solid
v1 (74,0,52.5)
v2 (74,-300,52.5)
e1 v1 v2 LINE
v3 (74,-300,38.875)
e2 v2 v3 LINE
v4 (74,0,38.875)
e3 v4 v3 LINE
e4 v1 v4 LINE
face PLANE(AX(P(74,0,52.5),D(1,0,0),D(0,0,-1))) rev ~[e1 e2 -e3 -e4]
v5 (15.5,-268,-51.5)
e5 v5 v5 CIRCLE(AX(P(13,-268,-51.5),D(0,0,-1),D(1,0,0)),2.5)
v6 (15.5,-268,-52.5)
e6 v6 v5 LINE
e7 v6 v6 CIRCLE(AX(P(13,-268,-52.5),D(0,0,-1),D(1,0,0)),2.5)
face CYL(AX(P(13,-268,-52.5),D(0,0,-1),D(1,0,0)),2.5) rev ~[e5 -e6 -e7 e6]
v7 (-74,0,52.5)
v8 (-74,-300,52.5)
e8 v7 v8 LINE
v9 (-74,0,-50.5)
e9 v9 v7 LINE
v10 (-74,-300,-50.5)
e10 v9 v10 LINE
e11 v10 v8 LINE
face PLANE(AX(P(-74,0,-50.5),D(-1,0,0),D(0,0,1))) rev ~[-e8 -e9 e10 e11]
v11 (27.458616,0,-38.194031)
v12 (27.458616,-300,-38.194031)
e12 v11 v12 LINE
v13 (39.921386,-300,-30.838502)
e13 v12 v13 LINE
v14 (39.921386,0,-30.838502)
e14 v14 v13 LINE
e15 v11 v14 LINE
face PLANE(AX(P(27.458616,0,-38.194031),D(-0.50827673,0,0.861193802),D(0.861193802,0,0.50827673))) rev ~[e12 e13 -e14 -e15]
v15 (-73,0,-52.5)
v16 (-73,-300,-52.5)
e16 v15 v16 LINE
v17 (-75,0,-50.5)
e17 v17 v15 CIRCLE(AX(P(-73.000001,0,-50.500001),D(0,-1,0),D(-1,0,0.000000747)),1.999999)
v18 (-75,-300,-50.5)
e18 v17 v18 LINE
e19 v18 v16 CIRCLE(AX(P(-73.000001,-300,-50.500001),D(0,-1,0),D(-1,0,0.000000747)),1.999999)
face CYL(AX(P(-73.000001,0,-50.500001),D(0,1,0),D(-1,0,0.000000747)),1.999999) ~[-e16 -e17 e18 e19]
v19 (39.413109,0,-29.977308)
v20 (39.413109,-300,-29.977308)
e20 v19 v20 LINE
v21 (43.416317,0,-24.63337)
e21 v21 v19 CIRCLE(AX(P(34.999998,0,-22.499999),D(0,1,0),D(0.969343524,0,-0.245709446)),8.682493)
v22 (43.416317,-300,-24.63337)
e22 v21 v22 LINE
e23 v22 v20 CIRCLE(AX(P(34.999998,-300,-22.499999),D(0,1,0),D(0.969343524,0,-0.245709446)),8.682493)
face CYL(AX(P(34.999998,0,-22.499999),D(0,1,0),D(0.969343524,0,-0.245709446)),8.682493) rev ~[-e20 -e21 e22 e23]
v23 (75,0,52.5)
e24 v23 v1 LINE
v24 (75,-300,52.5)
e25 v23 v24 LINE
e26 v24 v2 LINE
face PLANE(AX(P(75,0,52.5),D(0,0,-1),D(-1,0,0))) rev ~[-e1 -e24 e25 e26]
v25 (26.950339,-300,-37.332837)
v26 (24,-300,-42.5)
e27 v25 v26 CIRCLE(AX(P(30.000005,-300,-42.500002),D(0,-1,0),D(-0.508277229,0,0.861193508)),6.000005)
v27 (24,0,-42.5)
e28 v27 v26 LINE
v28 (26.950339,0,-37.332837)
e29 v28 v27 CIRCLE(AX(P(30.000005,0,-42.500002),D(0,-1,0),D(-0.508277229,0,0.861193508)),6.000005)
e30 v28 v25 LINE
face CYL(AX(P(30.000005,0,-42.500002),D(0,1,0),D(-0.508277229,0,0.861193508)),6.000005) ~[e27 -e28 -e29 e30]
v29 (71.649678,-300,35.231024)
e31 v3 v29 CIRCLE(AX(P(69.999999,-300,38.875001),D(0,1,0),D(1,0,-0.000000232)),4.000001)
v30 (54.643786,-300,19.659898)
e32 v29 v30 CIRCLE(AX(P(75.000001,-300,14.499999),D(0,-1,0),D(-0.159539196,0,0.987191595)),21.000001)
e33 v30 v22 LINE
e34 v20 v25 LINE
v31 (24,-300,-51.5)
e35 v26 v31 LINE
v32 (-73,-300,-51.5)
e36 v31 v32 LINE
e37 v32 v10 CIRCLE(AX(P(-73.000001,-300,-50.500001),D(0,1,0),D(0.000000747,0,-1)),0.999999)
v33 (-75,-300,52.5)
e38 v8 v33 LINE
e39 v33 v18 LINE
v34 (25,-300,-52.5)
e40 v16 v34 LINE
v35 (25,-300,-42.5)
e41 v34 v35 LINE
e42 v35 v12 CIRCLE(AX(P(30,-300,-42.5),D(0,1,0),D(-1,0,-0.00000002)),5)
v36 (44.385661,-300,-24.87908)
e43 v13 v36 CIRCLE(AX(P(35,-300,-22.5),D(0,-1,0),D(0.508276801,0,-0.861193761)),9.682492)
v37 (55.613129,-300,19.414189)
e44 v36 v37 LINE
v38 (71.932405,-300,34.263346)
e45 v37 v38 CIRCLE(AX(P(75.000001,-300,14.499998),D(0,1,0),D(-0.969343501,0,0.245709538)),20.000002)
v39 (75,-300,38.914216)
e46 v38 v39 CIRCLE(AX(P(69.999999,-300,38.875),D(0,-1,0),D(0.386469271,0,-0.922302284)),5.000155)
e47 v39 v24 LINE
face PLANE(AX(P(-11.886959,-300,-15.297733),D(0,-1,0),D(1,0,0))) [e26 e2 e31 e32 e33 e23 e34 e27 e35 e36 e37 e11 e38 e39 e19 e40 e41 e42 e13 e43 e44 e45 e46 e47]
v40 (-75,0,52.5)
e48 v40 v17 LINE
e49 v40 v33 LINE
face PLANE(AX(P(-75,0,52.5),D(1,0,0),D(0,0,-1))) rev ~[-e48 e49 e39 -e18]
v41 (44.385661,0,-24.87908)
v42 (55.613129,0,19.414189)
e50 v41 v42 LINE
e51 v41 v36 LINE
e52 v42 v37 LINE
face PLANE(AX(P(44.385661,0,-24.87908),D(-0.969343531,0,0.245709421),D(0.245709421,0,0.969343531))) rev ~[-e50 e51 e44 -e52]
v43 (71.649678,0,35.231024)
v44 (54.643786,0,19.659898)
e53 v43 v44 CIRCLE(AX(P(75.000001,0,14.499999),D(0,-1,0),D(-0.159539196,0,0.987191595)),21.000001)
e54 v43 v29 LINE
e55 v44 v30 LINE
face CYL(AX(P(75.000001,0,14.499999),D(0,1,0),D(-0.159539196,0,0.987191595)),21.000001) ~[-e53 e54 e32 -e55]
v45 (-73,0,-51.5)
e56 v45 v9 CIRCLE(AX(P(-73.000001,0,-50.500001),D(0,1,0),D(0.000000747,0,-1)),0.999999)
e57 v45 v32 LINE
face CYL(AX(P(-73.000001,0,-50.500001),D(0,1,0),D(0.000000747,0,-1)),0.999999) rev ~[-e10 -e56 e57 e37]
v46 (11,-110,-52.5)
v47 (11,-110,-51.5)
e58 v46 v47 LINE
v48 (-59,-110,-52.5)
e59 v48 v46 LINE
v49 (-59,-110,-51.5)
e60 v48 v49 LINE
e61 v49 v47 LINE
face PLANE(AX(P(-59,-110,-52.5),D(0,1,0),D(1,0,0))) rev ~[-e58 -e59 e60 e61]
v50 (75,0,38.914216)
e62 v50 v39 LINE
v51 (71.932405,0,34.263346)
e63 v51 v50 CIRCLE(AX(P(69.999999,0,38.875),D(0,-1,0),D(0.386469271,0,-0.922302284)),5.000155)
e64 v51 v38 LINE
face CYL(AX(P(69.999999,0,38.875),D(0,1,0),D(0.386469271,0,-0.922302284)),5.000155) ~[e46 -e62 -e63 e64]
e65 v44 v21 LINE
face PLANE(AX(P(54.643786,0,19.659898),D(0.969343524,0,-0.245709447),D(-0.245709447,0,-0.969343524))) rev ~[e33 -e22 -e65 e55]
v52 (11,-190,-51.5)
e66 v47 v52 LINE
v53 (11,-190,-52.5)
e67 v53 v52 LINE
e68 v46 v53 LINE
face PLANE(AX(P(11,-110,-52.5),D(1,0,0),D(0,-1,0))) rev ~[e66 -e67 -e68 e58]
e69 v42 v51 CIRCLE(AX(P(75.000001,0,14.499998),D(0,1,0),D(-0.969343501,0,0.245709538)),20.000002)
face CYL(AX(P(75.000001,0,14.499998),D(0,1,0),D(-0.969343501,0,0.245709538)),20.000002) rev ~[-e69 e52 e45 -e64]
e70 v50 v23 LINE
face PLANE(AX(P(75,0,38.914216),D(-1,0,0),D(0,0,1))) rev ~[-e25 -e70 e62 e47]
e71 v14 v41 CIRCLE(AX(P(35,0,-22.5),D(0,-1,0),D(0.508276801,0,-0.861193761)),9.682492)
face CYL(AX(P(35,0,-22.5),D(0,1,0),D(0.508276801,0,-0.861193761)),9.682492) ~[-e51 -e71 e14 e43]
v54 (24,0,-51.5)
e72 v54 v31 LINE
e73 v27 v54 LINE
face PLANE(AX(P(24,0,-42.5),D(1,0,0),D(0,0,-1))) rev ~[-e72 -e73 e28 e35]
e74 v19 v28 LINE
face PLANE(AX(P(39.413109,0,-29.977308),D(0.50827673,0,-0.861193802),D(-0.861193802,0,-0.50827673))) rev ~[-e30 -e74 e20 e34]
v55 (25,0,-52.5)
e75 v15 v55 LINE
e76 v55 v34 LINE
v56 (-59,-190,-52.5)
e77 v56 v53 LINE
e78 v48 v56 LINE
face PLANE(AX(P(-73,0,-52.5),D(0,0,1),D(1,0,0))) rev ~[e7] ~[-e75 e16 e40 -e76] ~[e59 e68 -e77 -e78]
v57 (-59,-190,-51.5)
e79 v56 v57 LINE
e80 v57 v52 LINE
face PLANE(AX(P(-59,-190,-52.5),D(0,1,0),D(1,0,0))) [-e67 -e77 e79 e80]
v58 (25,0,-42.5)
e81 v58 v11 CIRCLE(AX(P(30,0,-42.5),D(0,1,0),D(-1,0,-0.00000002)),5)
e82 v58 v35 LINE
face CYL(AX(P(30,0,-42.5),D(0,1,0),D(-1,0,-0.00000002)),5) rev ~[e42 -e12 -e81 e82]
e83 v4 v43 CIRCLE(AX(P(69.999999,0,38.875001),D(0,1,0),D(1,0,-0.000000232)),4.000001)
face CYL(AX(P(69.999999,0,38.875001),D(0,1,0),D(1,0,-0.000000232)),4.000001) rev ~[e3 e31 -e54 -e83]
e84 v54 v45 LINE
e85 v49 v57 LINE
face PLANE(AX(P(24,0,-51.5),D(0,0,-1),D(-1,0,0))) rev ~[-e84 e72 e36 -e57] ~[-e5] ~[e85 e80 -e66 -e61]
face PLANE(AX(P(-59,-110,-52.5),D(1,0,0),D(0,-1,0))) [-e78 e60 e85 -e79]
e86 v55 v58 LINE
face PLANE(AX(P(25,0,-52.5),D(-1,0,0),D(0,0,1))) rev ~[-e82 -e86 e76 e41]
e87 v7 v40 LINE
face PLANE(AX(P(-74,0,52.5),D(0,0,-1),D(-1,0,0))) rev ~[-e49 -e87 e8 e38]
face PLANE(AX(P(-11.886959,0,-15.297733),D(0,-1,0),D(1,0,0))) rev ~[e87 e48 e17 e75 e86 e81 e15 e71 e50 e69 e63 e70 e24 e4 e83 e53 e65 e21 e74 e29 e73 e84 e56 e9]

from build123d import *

# Parameters (mm, degrees)
F1_DEPTH = 300
F2_W     = 70
F2_H     = 80
F3_DEPTH = 25
F4_DEPTH = 25
F5_DEPTH = 25
F6_R     = 2.5
F7_DEPTH = 25


with BuildPart() as f1:
    # F0 (on Front) → F1 (new body)
    with BuildSketch(Plane.XZ):
        with BuildLine():
            Line((75, 38.914216), (75, 52.5))
            Line((75, 52.5), (74, 52.5))
            Line((74, 52.5), (74, 38.875))
            ThreePointArc((74, 38.875), (73.361451, 36.706903), (71.649678, 35.231024))
            ThreePointArc((71.649678, 35.231024), (60.8185, 29.988223), (54.643786, 19.659898))
            Line((54.643786, 19.659898), (43.416317, -24.63337))
            ThreePointArc((43.416317, -24.63337), (41.948954, -27.705545), (39.413109, -29.977308))
            Line((39.413109, -29.977308), (26.950339, -37.332837))
            ThreePointArc((26.950339, -37.332837), (24.789532, -39.524934), (24, -42.5))
            Line((24, -42.5), (24, -51.5))
            Line((24, -51.5), (-73, -51.5))
            ThreePointArc((-73, -51.5), (-73.707107, -51.207107), (-74, -50.5))
            Line((-74, -50.5), (-74, 52.5))
            Line((-74, 52.5), (-75, 52.5))
            Line((-75, 52.5), (-75, -50.5))
            ThreePointArc((-75, -50.5), (-74.414214, -51.914214), (-73, -52.5))
            Line((-73, -52.5), (25, -52.5))
            Line((25, -52.5), (25, -42.5))
            ThreePointArc((25, -42.5), (25.657943, -40.020778), (27.458616, -38.194031))
            Line((27.458616, -38.194031), (39.921386, -30.838502))
            ThreePointArc((39.921386, -30.838502), (42.749295, -28.305091), (44.385661, -24.87908))
            Line((44.385661, -24.87908), (55.613129, 19.414189))
            ThreePointArc((55.613129, 19.414189), (61.539869, 29.29273), (71.932405, 34.263346))
            ThreePointArc((71.932405, 34.263346), (74.173992, 36.121942), (75, 38.914216))
        make_face()
    extrude(amount=F1_DEPTH)

    # F2 (on face) → F3 (cut)
    with BuildSketch(Plane(origin=(0, 0, -52.5), x_dir=(1, 0, 0), z_dir=(0, 0, -1))):
        with Locations((-24, 150)):
            Rectangle(F2_W, F2_H)
    extrude(amount=-F3_DEPTH, mode=Mode.SUBTRACT)

    # F2 (on face) → F4 (cut)
    with BuildSketch(Plane(origin=(0, 0, -52.5), x_dir=(1, 0, 0), z_dir=(0, 0, -1))):
        with Locations((-24, 150)):
            Rectangle(F2_W, F2_H)
    extrude(amount=-F4_DEPTH, mode=Mode.SUBTRACT)

    # F2 (on face) → F5 (cut)
    with BuildSketch(Plane(origin=(0, 0, -52.5), x_dir=(1, 0, 0), z_dir=(0, 0, -1))):
        with Locations((-24, 150)):
            Rectangle(F2_W, F2_H)
    extrude(amount=-F5_DEPTH, mode=Mode.SUBTRACT)

    # F6 (on face) → F7 (cut)
    with BuildSketch(Plane(origin=(0, 0, -52.5), x_dir=(1, 0, 0), z_dir=(0, 0, -1))):
        with Locations((13, 268)):
            Circle(F6_R)
    extrude(amount=-F7_DEPTH, mode=Mode.SUBTRACT)


solid = f1.part
